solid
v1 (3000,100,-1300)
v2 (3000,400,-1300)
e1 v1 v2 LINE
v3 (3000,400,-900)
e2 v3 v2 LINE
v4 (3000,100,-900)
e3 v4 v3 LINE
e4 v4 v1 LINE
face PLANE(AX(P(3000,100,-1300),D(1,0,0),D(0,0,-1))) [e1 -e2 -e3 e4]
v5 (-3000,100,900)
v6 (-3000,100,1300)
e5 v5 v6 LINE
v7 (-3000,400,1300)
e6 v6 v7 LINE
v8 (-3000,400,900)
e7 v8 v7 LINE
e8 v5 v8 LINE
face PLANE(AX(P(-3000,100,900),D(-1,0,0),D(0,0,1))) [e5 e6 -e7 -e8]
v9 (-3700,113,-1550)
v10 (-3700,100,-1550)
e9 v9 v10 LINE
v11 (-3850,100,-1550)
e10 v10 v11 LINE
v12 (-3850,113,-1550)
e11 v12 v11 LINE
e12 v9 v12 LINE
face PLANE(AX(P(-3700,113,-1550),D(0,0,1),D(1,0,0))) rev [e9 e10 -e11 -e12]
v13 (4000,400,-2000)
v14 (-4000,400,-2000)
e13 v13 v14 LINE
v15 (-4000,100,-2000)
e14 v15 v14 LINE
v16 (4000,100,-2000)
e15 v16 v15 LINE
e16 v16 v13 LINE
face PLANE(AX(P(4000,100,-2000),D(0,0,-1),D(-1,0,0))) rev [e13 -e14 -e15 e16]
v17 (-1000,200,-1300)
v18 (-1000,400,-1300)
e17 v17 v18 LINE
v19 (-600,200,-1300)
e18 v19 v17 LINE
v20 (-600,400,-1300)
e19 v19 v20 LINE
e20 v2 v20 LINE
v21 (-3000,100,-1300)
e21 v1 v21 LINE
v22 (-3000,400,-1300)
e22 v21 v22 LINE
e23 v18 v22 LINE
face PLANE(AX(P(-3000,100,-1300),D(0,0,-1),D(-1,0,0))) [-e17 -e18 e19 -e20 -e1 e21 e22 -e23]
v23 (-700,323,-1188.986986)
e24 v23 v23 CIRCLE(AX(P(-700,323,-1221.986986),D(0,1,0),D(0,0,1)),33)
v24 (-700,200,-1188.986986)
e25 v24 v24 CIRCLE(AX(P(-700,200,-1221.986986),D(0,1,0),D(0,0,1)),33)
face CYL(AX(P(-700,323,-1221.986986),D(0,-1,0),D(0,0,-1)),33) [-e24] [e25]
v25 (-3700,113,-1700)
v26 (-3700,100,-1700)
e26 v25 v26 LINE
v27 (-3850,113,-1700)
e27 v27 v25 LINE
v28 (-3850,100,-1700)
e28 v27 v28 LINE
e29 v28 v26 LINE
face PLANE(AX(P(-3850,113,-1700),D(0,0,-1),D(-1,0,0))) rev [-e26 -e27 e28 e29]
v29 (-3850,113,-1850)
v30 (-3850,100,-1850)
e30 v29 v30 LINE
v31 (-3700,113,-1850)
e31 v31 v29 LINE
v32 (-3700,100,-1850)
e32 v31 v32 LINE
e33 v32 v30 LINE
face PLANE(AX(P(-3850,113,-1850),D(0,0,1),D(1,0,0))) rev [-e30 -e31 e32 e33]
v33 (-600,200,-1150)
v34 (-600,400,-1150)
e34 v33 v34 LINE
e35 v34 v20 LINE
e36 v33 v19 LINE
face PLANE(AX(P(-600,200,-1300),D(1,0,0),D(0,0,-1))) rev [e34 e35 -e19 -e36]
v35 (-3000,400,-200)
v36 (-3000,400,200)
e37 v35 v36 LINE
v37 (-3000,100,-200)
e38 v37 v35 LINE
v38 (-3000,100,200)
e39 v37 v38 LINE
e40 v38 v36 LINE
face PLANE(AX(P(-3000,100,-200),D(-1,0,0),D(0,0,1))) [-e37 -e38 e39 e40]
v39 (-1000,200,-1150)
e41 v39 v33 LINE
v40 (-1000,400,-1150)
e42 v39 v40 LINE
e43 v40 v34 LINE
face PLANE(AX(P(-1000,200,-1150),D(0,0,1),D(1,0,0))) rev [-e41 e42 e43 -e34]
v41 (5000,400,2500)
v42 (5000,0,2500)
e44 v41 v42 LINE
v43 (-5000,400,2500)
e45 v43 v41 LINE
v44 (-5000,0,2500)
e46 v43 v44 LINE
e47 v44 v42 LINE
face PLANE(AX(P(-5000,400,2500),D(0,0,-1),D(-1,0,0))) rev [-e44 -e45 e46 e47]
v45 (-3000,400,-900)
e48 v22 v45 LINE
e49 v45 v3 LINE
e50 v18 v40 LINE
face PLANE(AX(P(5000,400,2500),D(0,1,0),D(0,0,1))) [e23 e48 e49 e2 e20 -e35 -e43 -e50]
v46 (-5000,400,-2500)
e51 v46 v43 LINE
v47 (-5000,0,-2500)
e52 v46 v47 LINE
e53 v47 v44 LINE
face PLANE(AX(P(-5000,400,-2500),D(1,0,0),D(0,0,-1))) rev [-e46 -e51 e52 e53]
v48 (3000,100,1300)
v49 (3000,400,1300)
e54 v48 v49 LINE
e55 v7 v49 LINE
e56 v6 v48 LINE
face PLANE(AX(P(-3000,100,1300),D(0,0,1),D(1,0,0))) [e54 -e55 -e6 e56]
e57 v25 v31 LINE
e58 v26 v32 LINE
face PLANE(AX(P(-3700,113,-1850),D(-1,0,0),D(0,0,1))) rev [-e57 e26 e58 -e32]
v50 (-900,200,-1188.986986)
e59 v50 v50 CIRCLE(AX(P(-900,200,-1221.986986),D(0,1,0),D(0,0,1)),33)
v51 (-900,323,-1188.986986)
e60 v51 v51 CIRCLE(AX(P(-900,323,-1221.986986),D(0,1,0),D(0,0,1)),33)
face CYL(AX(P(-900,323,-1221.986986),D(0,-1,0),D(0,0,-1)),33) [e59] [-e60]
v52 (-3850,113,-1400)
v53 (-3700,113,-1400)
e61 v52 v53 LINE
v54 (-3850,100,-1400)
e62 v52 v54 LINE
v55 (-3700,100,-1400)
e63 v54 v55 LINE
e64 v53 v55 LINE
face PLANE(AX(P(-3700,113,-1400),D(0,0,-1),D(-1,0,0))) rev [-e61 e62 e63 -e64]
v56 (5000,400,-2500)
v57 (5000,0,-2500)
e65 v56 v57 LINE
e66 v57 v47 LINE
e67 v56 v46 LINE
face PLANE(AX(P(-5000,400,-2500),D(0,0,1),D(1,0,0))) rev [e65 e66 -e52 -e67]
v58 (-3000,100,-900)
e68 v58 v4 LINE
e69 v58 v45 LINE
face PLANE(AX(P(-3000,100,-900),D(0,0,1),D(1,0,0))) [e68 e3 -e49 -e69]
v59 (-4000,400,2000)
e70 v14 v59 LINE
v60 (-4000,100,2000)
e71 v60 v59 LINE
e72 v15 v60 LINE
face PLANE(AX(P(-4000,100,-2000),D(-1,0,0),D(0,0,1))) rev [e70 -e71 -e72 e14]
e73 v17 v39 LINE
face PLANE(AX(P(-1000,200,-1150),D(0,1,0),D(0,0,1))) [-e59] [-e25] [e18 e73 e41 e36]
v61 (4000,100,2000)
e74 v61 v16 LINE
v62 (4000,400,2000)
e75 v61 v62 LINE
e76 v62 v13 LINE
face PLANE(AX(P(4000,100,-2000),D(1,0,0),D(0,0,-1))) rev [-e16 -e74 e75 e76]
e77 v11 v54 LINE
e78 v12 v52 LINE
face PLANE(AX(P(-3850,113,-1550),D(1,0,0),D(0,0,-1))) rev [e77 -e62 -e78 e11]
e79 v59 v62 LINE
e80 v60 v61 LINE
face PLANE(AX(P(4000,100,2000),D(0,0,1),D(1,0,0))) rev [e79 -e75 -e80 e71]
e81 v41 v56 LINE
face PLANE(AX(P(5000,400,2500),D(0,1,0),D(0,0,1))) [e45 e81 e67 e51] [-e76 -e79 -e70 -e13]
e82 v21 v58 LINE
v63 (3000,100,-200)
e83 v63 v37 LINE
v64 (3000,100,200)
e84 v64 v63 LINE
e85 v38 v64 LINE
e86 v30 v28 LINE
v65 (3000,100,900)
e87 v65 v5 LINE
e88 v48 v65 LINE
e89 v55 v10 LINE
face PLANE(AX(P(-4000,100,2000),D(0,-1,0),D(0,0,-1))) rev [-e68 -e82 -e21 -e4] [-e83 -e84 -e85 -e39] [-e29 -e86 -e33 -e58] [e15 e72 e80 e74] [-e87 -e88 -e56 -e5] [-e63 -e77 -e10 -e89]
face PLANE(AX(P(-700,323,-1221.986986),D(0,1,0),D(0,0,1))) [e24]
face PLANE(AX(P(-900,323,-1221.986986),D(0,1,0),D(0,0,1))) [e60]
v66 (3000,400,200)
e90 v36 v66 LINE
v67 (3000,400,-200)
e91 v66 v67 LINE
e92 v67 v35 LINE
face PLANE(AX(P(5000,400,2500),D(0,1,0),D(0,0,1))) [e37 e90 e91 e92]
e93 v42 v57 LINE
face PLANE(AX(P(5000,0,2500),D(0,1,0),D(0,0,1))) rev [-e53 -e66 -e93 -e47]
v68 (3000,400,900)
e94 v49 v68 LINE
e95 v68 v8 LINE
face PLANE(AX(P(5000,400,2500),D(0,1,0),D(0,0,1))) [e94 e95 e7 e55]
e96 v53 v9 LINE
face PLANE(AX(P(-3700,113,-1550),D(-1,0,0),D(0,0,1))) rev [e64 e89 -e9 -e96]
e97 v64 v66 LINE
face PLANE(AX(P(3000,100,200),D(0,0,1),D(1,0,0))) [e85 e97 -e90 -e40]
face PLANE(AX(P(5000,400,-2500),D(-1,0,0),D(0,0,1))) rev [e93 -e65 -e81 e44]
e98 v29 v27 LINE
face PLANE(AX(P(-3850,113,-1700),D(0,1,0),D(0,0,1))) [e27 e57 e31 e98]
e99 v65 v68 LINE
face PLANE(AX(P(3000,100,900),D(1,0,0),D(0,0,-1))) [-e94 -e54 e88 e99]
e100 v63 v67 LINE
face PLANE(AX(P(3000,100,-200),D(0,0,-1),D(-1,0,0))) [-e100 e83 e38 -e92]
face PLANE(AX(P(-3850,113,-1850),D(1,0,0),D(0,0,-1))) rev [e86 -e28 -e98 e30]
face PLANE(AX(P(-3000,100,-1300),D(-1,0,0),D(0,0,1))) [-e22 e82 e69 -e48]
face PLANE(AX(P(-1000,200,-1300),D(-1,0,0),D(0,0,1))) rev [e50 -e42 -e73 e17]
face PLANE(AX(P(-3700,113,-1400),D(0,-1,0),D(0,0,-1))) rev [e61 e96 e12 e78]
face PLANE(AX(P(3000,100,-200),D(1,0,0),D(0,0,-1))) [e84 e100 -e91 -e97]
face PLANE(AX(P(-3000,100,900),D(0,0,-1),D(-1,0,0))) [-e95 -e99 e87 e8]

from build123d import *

# Parameters (mm, degrees)
SKETCH_1_W          = 10000
SKETCH_1_H          = 5000
EXTRUDE_1_DEPTH     = 400
SKETCH_2_W          = 8000
SKETCH_2_H          = 4000
SKETCH_2_W_2        = 6000
SKETCH_2_H_2        = 400
CUT_EXTRUDE_2_DEPTH = 300
SKETCH_4_W          = 150
SKETCH_4_H          = 150
EXTRUDE_3_DEPTH     = 13
SKETCH_3_W          = 400
SKETCH_3_H          = 150
CUT_EXTRUDE_4_DEPTH = 200
SKETCH_5_R          = 33
EXTRUDE_5_DEPTH     = 123


with BuildPart() as part:
    # 草圖1 → 伸長1 (new body)
    with BuildSketch(Plane(origin=(0, 0, 0), x_dir=(1, 0, 0), z_dir=(0, 1, 0))):
        Rectangle(SKETCH_1_W, SKETCH_1_H)
    extrude(amount=EXTRUDE_1_DEPTH)

    # 草圖2 → 伸長2 (cut)
    with BuildSketch(Plane(origin=(0, 400, 0), x_dir=(1, 0, 0), z_dir=(0, 1, 0))):
        Rectangle(SKETCH_2_W, SKETCH_2_H)
        with Locations((0, 1100)):
            Rectangle(SKETCH_2_W_2, SKETCH_2_H_2, mode=Mode.SUBTRACT)
        Rectangle(SKETCH_2_W_2, SKETCH_2_H_2, mode=Mode.SUBTRACT)
        with Locations((0, -1100)):
            Rectangle(SKETCH_2_W_2, SKETCH_2_H_2, mode=Mode.SUBTRACT)
    extrude(amount=-CUT_EXTRUDE_2_DEPTH, mode=Mode.SUBTRACT)

    # 草圖4 → 伸長3 (add)
    with BuildSketch(Plane(origin=(0, 100, 0), x_dir=(1, 0, 0), z_dir=(0, 1, 0))):
        with Locations((-3775, 1775)):
            Rectangle(SKETCH_4_W, SKETCH_4_H)
        with Locations((-3775, 1475)):
            Rectangle(SKETCH_4_W, SKETCH_4_H)
    extrude(amount=EXTRUDE_3_DEPTH)

    # 草圖3 → 伸長4 (cut)
    with BuildSketch(Plane(origin=(0, 400, 0), x_dir=(1, 0, 0), z_dir=(0, 1, 0))):
        with Locations((-800, 1225)):
            Rectangle(SKETCH_3_W, SKETCH_3_H)
    extrude(amount=-CUT_EXTRUDE_4_DEPTH, mode=Mode.SUBTRACT)

    # 草圖5 → 伸長5 (add)
    with BuildSketch(Plane(origin=(0, 200, 0), x_dir=(1, 0, 0), z_dir=(0, 1, 0))):
        with Locations(Location((-900, 1221.986986265, 0), (0, 0, 270))):
            Circle(SKETCH_5_R)
        with Locations(Location((-700, 1221.986986265, 0), (0, 0, 270))):
            Circle(SKETCH_5_R)
    extrude(amount=EXTRUDE_5_DEPTH)


solid = part.part
